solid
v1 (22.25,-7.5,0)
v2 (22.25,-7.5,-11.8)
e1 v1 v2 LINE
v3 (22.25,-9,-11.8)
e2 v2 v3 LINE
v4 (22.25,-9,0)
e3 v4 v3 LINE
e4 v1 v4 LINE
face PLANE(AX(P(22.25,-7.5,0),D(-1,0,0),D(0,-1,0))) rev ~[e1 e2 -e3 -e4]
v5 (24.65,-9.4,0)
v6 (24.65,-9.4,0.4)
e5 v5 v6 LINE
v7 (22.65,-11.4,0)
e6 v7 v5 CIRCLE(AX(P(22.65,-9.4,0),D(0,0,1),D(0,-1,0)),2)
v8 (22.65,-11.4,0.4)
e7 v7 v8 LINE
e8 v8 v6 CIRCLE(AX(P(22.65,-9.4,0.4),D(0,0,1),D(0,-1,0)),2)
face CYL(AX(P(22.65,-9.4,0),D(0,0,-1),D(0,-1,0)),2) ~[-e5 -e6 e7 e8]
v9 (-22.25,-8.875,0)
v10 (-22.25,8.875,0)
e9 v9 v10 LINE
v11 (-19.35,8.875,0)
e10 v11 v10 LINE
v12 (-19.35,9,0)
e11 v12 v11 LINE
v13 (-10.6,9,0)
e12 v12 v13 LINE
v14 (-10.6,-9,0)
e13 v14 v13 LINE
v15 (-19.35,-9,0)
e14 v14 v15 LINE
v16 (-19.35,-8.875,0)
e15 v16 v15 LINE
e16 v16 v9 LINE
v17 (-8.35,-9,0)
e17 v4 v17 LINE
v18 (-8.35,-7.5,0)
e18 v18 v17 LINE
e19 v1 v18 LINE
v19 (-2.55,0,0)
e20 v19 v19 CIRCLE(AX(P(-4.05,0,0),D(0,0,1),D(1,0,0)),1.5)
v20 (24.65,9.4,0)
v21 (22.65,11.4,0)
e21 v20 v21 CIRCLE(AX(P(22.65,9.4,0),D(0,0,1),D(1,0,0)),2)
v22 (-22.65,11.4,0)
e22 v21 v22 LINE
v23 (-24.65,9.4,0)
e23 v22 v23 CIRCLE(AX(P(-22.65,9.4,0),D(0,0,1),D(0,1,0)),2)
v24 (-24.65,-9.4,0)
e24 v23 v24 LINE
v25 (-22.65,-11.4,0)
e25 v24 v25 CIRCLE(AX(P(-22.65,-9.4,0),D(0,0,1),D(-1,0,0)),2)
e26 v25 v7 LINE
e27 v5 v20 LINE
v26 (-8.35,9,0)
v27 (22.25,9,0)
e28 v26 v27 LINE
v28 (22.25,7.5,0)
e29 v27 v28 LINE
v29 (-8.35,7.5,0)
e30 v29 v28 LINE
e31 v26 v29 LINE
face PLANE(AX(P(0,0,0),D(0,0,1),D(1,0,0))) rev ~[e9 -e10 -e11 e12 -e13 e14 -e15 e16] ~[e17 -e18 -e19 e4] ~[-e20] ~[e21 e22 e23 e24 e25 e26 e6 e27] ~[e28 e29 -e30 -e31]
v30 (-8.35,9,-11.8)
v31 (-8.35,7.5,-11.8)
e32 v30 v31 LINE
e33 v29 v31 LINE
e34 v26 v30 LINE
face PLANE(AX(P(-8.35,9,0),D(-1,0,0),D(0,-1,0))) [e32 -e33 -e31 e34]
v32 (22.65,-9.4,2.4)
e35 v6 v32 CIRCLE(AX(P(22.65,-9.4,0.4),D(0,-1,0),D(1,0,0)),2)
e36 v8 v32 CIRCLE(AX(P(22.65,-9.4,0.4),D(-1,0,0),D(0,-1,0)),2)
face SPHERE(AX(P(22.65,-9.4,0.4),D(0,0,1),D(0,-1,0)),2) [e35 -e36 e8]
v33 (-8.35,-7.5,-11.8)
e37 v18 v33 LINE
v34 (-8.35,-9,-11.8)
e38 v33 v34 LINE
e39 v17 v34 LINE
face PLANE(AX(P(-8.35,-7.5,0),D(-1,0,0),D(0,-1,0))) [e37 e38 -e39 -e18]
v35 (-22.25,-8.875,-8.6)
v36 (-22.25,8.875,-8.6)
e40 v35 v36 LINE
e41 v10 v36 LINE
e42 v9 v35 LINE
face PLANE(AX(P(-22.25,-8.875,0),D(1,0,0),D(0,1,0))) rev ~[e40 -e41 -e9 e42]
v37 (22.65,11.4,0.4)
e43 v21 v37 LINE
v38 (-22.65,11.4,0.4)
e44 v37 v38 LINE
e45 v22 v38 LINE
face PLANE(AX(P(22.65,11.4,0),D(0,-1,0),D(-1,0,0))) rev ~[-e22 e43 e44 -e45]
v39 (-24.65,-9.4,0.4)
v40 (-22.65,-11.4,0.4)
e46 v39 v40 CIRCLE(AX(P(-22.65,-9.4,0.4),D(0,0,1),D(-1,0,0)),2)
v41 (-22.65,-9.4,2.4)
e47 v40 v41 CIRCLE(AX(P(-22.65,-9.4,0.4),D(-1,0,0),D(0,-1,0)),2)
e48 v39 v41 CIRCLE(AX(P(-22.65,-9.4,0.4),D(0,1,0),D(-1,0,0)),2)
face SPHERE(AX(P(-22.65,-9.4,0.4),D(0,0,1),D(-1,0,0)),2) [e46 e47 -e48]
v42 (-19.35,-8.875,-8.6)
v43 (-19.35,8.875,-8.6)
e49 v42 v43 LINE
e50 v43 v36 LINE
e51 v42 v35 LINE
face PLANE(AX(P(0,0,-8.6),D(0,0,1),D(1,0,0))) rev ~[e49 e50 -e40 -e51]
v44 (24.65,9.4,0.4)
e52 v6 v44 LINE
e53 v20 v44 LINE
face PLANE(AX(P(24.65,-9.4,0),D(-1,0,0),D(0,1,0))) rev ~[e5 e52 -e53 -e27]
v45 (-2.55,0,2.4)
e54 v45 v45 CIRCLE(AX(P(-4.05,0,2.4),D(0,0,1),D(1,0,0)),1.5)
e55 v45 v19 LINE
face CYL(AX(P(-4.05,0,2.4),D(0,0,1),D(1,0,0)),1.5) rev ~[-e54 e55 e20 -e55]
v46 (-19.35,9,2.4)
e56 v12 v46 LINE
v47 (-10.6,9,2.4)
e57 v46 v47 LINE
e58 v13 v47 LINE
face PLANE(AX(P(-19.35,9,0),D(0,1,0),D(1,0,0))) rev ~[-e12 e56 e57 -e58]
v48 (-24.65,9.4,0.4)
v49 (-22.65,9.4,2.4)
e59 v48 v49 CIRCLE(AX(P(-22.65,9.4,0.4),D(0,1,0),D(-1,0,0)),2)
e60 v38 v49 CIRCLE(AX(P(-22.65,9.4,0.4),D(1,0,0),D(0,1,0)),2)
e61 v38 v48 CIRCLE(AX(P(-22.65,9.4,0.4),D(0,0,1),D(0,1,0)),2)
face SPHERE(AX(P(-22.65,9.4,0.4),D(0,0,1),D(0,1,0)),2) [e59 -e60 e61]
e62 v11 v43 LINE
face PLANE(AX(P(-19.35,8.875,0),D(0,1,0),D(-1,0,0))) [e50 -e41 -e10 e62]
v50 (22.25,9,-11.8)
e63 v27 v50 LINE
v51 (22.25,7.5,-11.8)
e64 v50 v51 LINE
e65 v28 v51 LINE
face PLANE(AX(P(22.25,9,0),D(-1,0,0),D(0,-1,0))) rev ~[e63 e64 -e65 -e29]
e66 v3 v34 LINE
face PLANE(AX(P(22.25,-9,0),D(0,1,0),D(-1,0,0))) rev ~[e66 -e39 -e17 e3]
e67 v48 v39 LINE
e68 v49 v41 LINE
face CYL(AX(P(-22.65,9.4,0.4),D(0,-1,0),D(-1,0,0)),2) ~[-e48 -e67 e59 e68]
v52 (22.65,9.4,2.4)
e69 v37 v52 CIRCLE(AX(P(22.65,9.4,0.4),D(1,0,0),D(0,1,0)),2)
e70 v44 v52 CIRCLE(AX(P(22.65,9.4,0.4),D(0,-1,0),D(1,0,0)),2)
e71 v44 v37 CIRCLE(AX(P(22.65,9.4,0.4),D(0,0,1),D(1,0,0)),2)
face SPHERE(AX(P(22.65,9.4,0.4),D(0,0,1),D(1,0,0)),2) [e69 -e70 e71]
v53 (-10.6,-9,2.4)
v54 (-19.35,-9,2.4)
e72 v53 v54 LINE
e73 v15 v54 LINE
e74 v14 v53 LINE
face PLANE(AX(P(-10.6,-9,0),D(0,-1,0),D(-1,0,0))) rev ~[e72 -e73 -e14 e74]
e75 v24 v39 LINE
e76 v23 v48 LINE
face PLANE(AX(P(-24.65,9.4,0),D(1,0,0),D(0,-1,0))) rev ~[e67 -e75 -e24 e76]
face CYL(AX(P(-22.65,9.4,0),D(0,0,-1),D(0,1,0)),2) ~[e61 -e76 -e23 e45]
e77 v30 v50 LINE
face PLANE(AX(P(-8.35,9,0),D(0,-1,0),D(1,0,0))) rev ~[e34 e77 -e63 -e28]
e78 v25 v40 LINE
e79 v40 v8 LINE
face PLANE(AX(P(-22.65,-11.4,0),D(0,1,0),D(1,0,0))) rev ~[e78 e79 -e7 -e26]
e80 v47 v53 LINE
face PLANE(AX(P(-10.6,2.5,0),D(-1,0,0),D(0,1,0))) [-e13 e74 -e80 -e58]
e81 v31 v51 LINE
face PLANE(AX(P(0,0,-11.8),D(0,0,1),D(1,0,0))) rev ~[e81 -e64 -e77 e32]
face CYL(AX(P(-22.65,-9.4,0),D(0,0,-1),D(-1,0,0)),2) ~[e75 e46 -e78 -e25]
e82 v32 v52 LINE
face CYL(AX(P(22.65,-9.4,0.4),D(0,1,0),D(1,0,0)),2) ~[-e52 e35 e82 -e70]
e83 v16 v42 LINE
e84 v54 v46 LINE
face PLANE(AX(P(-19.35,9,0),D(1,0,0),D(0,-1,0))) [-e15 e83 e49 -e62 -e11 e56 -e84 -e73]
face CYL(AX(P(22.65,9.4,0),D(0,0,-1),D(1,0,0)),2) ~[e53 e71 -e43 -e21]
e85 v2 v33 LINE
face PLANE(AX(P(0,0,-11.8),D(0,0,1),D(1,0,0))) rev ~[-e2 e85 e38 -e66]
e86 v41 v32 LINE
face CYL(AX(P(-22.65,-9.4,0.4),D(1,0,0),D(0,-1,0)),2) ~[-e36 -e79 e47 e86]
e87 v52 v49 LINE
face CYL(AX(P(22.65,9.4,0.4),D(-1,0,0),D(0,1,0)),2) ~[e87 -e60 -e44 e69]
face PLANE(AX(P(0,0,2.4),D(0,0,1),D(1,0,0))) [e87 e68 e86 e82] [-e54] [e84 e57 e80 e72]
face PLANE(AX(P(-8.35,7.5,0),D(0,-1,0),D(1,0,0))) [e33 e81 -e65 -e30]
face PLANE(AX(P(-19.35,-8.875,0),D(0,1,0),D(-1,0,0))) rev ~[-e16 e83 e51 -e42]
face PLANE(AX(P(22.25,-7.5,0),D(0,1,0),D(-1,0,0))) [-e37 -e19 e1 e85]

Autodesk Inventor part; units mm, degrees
ref_plane "YZ Plane" through (0, 0, 0) normal (1, 0, 0) x (0, 1, 0)
ref_plane "XZ Plane" through (0, 0, 0) normal (0, 1, 0) x (-1, 0, 0)
ref_plane "Work Plane1" through (0, 0, 0) normal (0, 0, 1) x (1, 0, 0)
sketch "Sketch1" plane through (0, 0, 0) normal (0, 0, 1) x (1, 0, 0)
  arc A0 (-22.65, 11.4) -> (-24.65, 9.4) centre (-22.65, 9.4) ccw projected
  line L0 (-24.65, 9.4) -> (-24.65, -9.4) projected
  arc A1 (-24.65, -9.4) -> (-22.65, -11.4) centre (-22.65, -9.4) ccw projected
  line L1 (-22.65, -11.4) -> (22.65, -11.4) projected
  arc A2 (22.65, -11.4) -> (24.65, -9.4) centre (22.65, -9.4) ccw projected
  line L2 (24.65, -9.4) -> (24.65, 9.4) projected
  arc A3 (24.65, 9.4) -> (22.65, 11.4) centre (22.65, 9.4) ccw projected
  line L3 (22.65, 11.4) -> (-22.65, 11.4) projected
  line L4 (22.25, 9) -> (22.25, -9) projected
  line L5 (22.25, -9) -> (-8.35, -9) projected
  line L6 (-8.35, -2.5) -> (-8.35, -9) projected
  line L7 (-10.6, -2.5) -> (-8.35, -2.5) projected
  line L8 (-10.6, -9) -> (-10.6, -2.5) projected
  line L9 (-10.6, -9) -> (-22.25, -9) projected
  line L10 (-22.25, -9) -> (-22.25, 9) projected
  line L11 (-22.25, 9) -> (-10.6, 9) projected
  line L12 (-10.6, 2.5) -> (-10.6, 9) projected
  line L13 (-8.35, 2.5) -> (-10.6, 2.5) projected
  line L14 (-8.35, 9) -> (-8.35, 2.5) projected
  line L15 (-8.35, 9) -> (22.25, 9) projected
  line L16 (-20.5, -9) -> (-20.5, -4.5) projected
  line L17 (-20.5, 4.5) -> (-20.5, 9) projected
  line L18 (-20.5, -4.5) -> (-20.5, 4.5)
  line L19 (-10.6, -2.5) -> (-10.6, 2.5)
  line L20 (22.25, -7.5) -> (-8.35, -7.5)
  line L21 (-8.35, 7.5) -> (22.25, 7.5)
  point P0 (0, 0)
  dimension "d0" = 1.5
  dimension "d1" = 1.5
ref_plane "Work Plane2" through (0, 0, -11.8) normal (0, 0, 1) x (1, 0, 0)
extrude "Extrusion1" add sketch "Sketch1" against normal up to surface (11.8 mm away) contours L4 L21 L14 L15 | L4 L5 L6 L20
ref_plane "Work Plane3" through (0, 0, 0) normal (0, 0, 1) x (1, 0, 0)
sketch "Sketch2" plane through (0, 0, 0) normal (0, 0, 1) x (1, 0, 0)
  line L0 (-22.25, -9) -> (-22.25, 9) projected
  line L1 (-10.6, -9) -> (-10.6, -2.5) projected
  line L2 (-10.6, 2.5) -> (-10.6, 9) projected
  line L3 (-10.6, -2.5) -> (-10.6, 2.5)
  line L4 (-10.6, -8.875) -> (-19.35, -8.875)
  line L5 (-19.35, -8.875) -> (-19.35, 8.875)
  line L6 (-19.35, 8.875) -> (-10.6, 8.875)
  line L7 (-10.6, 8.875) -> (-10.6, -8.875)
  line L8 (-19.35, -8.875) -> (-22.25, -8.875)
  line L9 (-19.35, 8.875) -> (-22.25, 8.875)
  point P0 (0, 0)
  point P1 (-10.6, 0)
  dimension "d4" = 17.75
  dimension "d5" = 8.75
ref_plane "Work Plane4" through (-22.25, -9, -8.6) normal (0, 0, 1) x (1, 0, 0)
extrude "Extrusion2" add sketch "Sketch2" against normal up to surface (8.6 mm away) contours L0 L9 L5 L8
sketch "Sketch3" plane through (0, 0, 0) normal (0, 0, 1) x (1, 0, 0)
  arc A0 (-22.65, 11.4) -> (-24.65, 9.4) centre (-22.65, 9.4) ccw projected
  line L0 (-24.65, 9.4) -> (-24.65, -9.4) projected
  arc A1 (-24.65, -9.4) -> (-22.65, -11.4) centre (-22.65, -9.4) ccw projected
  line L1 (-22.65, -11.4) -> (22.65, -11.4) projected
  arc A2 (22.65, -11.4) -> (24.65, -9.4) centre (22.65, -9.4) ccw projected
  line L2 (24.65, -9.4) -> (24.65, 9.4) projected
  arc A3 (24.65, 9.4) -> (22.65, 11.4) centre (22.65, 9.4) ccw projected
  line L3 (22.65, 11.4) -> (-22.65, 11.4) projected
  line L4 (22.25, 9) -> (22.25, -9) projected
  line L5 (22.25, -9) -> (-8.35, -9) projected
  line L6 (-8.35, -2.5) -> (-8.35, -9) projected
  line L7 (-10.6, -2.5) -> (-8.35, -2.5) projected
  line L8 (-10.6, -9) -> (-10.6, -2.5) projected
  line L9 (-10.6, -9) -> (-22.25, -9) projected
  line L10 (-22.25, -9) -> (-22.25, 9) projected
  line L11 (-22.25, 9) -> (-10.6, 9) projected
  line L12 (-10.6, 2.5) -> (-10.6, 9) projected
  line L13 (-8.35, 2.5) -> (-10.6, 2.5) projected
  line L14 (-8.35, 9) -> (-8.35, 2.5) projected
  line L15 (-8.35, 9) -> (22.25, 9) projected
  line L16 (-19.35, -8.875) -> (-19.35, 8.875) projected
  line L17 (-19.35, -9) -> (-10.6, -9)
  line L18 (-10.6, -9) -> (-10.6, 9)
  line L19 (-10.6, 9) -> (-19.35, 9)
  line L20 (-19.35, 9) -> (-19.35, -9)
  point P0 (0, 0)
  point P1 (-19.35, 0)
extrude "Extrusion3" add sketch "Sketch3" along normal blind 2.4 contours L3 A3 L2 A2 L1 A1 L0 A0 | L4 L5 L6 L7 L18 L13 L14 L15 | L20 L16 L9 L10 L11
fillet "Fillet1" radius 2 8 edges at (-24.0642, 10.8142, 2.4) (-24.65, 0, 2.4) (-24.0642, -10.8142, 2.4) (0, -11.4, 2.4) (24.0642, -10.8142, 2.4) (24.65, 0, 2.4) (24.0642, 10.8142, 2.4) (0, 11.4, 2.4)
sketch "Sketch4" plane through (0, 0, 2.4) normal (0, 0, 1) x (1, 0, 0)
  line L0 (22.25, 9) -> (22.25, -9) projected
  line L1 (22.25, -9) -> (-8.35, -9) projected
  line L2 (-8.35, -2.5) -> (-8.35, -9) projected
  circle A0 centre (-4.05, 0) radius 1.5
  line L3 (22.25, 0) -> (28.5402, 0) construction
  point P0 (0, 0)
  dimension "d11" = 3
  dimension "d12" = 4.3
extrude "Extrusion4" cut sketch "Sketch4" against normal up to surface (2.4 mm away)
equation "\"d1\" = d0"
properties part number "rf_tester_top"
